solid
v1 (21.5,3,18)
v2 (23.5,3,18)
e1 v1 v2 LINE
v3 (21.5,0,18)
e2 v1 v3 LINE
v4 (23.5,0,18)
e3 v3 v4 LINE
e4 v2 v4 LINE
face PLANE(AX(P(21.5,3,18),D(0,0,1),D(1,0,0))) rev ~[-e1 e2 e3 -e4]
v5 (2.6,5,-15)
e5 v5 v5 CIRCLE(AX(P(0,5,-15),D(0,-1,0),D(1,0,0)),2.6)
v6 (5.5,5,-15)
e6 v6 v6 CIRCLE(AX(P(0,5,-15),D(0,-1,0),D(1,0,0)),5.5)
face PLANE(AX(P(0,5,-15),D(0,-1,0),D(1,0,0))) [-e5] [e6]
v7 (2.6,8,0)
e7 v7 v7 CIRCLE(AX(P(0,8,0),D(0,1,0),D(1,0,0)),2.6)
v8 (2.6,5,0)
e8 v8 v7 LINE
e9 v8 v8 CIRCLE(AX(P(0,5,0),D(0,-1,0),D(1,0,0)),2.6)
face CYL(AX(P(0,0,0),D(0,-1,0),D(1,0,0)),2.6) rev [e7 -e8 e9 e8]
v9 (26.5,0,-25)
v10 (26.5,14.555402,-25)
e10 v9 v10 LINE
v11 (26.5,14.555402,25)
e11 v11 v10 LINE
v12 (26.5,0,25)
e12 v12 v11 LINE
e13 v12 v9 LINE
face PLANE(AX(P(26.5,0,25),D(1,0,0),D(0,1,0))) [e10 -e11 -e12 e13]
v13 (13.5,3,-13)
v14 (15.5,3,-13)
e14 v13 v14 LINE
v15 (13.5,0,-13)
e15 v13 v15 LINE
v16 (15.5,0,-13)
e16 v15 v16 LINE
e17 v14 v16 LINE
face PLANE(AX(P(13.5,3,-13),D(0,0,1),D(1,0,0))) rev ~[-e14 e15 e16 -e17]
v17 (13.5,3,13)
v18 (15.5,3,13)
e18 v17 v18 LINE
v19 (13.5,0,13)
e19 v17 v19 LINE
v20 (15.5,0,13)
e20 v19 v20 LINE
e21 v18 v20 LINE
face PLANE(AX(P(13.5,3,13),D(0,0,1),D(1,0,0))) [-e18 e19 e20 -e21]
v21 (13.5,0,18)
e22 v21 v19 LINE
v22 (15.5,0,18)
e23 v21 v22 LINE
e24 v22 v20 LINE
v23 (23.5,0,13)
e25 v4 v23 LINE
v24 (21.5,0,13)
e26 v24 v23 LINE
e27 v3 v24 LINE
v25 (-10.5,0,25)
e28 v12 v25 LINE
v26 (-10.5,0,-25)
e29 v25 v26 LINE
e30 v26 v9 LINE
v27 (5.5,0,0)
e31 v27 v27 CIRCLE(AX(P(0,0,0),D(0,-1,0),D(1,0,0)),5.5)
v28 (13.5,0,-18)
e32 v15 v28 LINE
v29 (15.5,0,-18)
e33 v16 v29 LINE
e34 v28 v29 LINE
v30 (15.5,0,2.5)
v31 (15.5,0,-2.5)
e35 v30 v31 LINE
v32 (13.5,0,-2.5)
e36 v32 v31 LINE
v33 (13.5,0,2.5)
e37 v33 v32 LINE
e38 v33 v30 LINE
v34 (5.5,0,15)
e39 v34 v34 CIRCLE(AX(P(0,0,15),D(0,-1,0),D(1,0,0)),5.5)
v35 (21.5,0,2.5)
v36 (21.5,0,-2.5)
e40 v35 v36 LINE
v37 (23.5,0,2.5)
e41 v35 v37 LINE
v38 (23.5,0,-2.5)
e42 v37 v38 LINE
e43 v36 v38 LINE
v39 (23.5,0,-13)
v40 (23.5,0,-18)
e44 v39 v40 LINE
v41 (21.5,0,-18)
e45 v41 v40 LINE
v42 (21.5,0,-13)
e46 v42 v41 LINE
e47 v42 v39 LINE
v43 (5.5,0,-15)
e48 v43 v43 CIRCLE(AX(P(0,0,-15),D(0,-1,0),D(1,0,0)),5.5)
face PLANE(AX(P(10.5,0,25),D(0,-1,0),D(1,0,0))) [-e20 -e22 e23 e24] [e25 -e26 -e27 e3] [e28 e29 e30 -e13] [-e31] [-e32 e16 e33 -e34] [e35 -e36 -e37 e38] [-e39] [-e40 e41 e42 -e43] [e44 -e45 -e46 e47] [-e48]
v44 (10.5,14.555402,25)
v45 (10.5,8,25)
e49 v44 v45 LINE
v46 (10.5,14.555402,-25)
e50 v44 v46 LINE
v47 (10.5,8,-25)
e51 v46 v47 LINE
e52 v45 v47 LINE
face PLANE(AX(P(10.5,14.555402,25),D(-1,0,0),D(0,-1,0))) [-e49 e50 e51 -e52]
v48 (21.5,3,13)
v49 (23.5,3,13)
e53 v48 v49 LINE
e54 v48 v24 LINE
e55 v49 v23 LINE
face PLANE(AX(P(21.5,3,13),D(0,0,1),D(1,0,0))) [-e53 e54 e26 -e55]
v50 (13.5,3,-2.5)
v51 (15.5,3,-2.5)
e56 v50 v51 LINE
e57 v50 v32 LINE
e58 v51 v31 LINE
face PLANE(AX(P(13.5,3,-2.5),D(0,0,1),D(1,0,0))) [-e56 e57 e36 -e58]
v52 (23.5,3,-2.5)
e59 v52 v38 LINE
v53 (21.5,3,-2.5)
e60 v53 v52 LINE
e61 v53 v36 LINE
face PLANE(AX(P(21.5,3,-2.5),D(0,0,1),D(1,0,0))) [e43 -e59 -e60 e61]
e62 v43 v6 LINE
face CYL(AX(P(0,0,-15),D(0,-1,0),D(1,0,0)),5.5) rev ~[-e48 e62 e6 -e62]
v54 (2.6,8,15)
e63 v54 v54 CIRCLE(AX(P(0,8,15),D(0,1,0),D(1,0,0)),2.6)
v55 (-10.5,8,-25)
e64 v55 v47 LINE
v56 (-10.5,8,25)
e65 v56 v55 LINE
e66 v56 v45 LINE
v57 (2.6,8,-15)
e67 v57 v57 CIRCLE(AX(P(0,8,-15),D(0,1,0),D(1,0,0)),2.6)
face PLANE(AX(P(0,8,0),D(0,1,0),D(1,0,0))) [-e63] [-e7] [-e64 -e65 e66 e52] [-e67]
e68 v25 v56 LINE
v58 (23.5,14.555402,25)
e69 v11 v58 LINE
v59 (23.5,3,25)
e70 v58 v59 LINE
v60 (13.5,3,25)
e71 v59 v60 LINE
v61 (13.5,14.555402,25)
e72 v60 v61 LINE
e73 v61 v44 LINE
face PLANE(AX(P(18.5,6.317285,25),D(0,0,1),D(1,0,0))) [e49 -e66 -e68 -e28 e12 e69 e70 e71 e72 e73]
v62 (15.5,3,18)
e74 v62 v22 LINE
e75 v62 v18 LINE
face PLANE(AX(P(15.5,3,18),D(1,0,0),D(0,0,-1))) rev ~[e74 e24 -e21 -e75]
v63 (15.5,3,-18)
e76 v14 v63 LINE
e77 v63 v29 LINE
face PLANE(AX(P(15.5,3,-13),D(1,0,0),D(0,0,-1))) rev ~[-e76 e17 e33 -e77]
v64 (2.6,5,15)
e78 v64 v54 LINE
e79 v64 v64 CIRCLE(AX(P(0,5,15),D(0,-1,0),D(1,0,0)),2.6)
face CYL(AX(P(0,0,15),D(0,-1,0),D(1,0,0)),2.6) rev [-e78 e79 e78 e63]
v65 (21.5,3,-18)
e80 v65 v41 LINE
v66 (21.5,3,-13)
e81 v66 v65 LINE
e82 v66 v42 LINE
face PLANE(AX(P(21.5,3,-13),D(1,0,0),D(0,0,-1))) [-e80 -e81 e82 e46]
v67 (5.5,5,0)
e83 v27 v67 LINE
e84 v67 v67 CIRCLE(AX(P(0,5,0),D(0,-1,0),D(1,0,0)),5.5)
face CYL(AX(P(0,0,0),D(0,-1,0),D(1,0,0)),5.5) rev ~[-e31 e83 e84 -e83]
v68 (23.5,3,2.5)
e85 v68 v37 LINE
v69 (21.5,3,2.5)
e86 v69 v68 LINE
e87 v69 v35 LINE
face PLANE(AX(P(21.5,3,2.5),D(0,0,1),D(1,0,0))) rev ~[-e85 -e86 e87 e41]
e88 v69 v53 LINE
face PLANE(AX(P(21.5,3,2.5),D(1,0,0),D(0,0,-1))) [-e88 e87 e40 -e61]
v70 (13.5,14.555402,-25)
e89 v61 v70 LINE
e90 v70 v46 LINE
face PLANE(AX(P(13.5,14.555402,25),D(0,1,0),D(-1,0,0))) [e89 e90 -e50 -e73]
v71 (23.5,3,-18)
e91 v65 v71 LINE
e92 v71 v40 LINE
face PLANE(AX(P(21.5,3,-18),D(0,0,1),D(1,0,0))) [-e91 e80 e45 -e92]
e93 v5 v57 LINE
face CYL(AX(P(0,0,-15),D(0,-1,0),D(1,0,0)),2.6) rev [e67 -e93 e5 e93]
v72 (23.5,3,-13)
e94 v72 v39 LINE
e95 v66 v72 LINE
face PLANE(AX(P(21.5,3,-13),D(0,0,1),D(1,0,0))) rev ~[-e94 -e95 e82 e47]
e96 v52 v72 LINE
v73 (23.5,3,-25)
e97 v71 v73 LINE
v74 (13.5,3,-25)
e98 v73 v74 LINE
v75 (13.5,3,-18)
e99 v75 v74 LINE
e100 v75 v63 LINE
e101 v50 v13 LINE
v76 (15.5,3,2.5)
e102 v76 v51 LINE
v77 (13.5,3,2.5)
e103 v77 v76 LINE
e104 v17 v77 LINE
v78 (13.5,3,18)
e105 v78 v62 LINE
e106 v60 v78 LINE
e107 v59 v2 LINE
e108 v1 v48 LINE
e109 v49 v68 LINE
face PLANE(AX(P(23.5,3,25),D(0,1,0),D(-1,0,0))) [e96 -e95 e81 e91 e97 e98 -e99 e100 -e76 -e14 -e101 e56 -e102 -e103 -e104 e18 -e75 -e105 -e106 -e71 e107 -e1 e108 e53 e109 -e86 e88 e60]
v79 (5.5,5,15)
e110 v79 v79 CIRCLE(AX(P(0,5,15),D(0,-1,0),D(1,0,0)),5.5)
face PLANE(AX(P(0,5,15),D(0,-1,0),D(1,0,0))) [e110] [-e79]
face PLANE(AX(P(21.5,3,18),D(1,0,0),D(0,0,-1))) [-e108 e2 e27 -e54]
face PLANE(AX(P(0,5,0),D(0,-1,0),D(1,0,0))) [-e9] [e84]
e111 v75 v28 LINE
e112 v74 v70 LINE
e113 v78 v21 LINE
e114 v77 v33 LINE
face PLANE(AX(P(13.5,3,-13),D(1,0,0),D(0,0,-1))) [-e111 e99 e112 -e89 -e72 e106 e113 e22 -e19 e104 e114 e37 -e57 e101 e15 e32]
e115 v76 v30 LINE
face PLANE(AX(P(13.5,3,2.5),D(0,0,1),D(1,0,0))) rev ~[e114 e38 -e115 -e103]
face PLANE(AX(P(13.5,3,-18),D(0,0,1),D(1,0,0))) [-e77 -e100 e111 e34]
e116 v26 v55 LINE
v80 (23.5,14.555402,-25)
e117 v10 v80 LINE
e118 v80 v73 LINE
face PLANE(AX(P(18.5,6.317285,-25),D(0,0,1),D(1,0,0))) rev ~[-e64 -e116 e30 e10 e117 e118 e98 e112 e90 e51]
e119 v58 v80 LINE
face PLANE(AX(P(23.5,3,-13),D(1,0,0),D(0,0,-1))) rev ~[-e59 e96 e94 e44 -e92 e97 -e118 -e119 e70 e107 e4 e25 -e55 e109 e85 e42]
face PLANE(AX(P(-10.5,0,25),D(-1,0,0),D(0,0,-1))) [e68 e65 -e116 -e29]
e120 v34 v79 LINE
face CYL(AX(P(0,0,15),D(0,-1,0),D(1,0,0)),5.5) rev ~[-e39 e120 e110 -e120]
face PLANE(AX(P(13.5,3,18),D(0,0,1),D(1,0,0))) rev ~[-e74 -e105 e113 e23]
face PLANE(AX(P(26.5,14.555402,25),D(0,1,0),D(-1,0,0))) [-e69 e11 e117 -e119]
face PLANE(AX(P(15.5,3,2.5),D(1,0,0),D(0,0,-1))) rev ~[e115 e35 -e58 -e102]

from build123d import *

# Parameters (mm, degrees)
SKETCH1_W           = 21
SKETCH1_H           = 50
SKETCH1_R           = 2.6
BOSS_EXTRUDE1_DEPTH = 8
SKETCH2_R           = 5.5
CUT_EXTRUDE1_DEPTH  = 5
BOSS_EXTRUDE2_DEPTH = 50
CUT_EXTRUDE2_REACH  = 5
SKETCH4_W           = 2
SKETCH4_H           = 5


with BuildPart() as part:
    # Sketch1 → Boss-Extrude1 (new body)
    with BuildSketch(Plane(origin=(0, 0, 0), x_dir=(1, 0, 0), z_dir=(0, 1, 0))):
        Rectangle(SKETCH1_W, SKETCH1_H)
        with Locations((0, -15)):
            Circle(SKETCH1_R, mode=Mode.SUBTRACT)
        Circle(SKETCH1_R, mode=Mode.SUBTRACT)
        with Locations((0, 15)):
            Circle(SKETCH1_R, mode=Mode.SUBTRACT)
    extrude(amount=BOSS_EXTRUDE1_DEPTH)

    # Sketch2 → Cut-Extrude1 (cut)
    with BuildSketch(Plane.XZ):
        Circle(SKETCH2_R)
        with Locations((0, 15)):
            Circle(SKETCH2_R)
        with Locations((0, -15)):
            Circle(SKETCH2_R)
    extrude(amount=-CUT_EXTRUDE1_DEPTH, mode=Mode.SUBTRACT)

    # Sketch3 → Boss-Extrude2 (add)
    with BuildSketch(Plane.XY.offset(25)):
        Polygon((10.5, 8), (10.5, 0), (26.5, 0), (26.5, 14.555402141), (23.5, 14.555402141), (23.5, 3), (13.5, 3), (13.5, 14.555402141), (10.5, 14.555402141), align=None)
    extrude(amount=-BOSS_EXTRUDE2_DEPTH)

    # Sketch4 → Cut-Extrude2 (cut, up to next)
    with BuildSketch(Plane(origin=(0, 3, 0), x_dir=(1, 0, 0), z_dir=(0, 1, 0)), mode=Mode.PRIVATE) as cut_extrude2_sk1:
        with Locations((14.5, -15.5)):
            Rectangle(SKETCH4_W, SKETCH4_H)
    cut_extrude2_tool1 = extrude(cut_extrude2_sk1.sketch, amount=-CUT_EXTRUDE2_REACH, mode=Mode.PRIVATE) & part.part
    add(cut_extrude2_tool1.solids().sort_by_distance((14.5, 3, 15.5))[0], mode=Mode.SUBTRACT)
    # Sketch4 → Cut-Extrude2 (cut, up to next)
    with BuildSketch(Plane(origin=(0, 3, 0), x_dir=(1, 0, 0), z_dir=(0, 1, 0)), mode=Mode.PRIVATE) as cut_extrude2_sk2:
        with Locations((14.5, 15.5)):
            Rectangle(SKETCH4_W, SKETCH4_H)
    cut_extrude2_tool2 = extrude(cut_extrude2_sk2.sketch, amount=-CUT_EXTRUDE2_REACH, mode=Mode.PRIVATE) & part.part
    add(cut_extrude2_tool2.solids().sort_by_distance((14.5, 3, -15.5))[0], mode=Mode.SUBTRACT)
    # Sketch4 → Cut-Extrude2 (cut, up to next)
    with BuildSketch(Plane(origin=(0, 3, 0), x_dir=(1, 0, 0), z_dir=(0, 1, 0)), mode=Mode.PRIVATE) as cut_extrude2_sk3:
        with Locations((22.5, 0)):
            Rectangle(SKETCH4_W, SKETCH4_H)
    cut_extrude2_tool3 = extrude(cut_extrude2_sk3.sketch, amount=-CUT_EXTRUDE2_REACH, mode=Mode.PRIVATE) & part.part
    add(cut_extrude2_tool3.solids().sort_by_distance((22.5, 3, 0))[0], mode=Mode.SUBTRACT)
    # Sketch4 → Cut-Extrude2 (cut, up to next)
    with BuildSketch(Plane(origin=(0, 3, 0), x_dir=(1, 0, 0), z_dir=(0, 1, 0)), mode=Mode.PRIVATE) as cut_extrude2_sk4:
        with Locations((14.5, 0)):
            Rectangle(SKETCH4_W, SKETCH4_H)
    cut_extrude2_tool4 = extrude(cut_extrude2_sk4.sketch, amount=-CUT_EXTRUDE2_REACH, mode=Mode.PRIVATE) & part.part
    add(cut_extrude2_tool4.solids().sort_by_distance((14.5, 3, 0))[0], mode=Mode.SUBTRACT)
    # Sketch4 → Cut-Extrude2 (cut, up to next)
    with BuildSketch(Plane(origin=(0, 3, 0), x_dir=(1, 0, 0), z_dir=(0, 1, 0)), mode=Mode.PRIVATE) as cut_extrude2_sk5:
        with Locations((22.5, 15.5)):
            Rectangle(SKETCH4_W, SKETCH4_H)
    cut_extrude2_tool5 = extrude(cut_extrude2_sk5.sketch, amount=-CUT_EXTRUDE2_REACH, mode=Mode.PRIVATE) & part.part
    add(cut_extrude2_tool5.solids().sort_by_distance((22.5, 3, -15.5))[0], mode=Mode.SUBTRACT)
    # Sketch4 → Cut-Extrude2 (cut, up to next)
    with BuildSketch(Plane(origin=(0, 3, 0), x_dir=(1, 0, 0), z_dir=(0, 1, 0)), mode=Mode.PRIVATE) as cut_extrude2_sk6:
        with Locations((22.5, -15.5)):
            Rectangle(SKETCH4_W, SKETCH4_H)
    cut_extrude2_tool6 = extrude(cut_extrude2_sk6.sketch, amount=-CUT_EXTRUDE2_REACH, mode=Mode.PRIVATE) & part.part
    add(cut_extrude2_tool6.solids().sort_by_distance((22.5, 3, 15.5))[0], mode=Mode.SUBTRACT)


solid = part.part
